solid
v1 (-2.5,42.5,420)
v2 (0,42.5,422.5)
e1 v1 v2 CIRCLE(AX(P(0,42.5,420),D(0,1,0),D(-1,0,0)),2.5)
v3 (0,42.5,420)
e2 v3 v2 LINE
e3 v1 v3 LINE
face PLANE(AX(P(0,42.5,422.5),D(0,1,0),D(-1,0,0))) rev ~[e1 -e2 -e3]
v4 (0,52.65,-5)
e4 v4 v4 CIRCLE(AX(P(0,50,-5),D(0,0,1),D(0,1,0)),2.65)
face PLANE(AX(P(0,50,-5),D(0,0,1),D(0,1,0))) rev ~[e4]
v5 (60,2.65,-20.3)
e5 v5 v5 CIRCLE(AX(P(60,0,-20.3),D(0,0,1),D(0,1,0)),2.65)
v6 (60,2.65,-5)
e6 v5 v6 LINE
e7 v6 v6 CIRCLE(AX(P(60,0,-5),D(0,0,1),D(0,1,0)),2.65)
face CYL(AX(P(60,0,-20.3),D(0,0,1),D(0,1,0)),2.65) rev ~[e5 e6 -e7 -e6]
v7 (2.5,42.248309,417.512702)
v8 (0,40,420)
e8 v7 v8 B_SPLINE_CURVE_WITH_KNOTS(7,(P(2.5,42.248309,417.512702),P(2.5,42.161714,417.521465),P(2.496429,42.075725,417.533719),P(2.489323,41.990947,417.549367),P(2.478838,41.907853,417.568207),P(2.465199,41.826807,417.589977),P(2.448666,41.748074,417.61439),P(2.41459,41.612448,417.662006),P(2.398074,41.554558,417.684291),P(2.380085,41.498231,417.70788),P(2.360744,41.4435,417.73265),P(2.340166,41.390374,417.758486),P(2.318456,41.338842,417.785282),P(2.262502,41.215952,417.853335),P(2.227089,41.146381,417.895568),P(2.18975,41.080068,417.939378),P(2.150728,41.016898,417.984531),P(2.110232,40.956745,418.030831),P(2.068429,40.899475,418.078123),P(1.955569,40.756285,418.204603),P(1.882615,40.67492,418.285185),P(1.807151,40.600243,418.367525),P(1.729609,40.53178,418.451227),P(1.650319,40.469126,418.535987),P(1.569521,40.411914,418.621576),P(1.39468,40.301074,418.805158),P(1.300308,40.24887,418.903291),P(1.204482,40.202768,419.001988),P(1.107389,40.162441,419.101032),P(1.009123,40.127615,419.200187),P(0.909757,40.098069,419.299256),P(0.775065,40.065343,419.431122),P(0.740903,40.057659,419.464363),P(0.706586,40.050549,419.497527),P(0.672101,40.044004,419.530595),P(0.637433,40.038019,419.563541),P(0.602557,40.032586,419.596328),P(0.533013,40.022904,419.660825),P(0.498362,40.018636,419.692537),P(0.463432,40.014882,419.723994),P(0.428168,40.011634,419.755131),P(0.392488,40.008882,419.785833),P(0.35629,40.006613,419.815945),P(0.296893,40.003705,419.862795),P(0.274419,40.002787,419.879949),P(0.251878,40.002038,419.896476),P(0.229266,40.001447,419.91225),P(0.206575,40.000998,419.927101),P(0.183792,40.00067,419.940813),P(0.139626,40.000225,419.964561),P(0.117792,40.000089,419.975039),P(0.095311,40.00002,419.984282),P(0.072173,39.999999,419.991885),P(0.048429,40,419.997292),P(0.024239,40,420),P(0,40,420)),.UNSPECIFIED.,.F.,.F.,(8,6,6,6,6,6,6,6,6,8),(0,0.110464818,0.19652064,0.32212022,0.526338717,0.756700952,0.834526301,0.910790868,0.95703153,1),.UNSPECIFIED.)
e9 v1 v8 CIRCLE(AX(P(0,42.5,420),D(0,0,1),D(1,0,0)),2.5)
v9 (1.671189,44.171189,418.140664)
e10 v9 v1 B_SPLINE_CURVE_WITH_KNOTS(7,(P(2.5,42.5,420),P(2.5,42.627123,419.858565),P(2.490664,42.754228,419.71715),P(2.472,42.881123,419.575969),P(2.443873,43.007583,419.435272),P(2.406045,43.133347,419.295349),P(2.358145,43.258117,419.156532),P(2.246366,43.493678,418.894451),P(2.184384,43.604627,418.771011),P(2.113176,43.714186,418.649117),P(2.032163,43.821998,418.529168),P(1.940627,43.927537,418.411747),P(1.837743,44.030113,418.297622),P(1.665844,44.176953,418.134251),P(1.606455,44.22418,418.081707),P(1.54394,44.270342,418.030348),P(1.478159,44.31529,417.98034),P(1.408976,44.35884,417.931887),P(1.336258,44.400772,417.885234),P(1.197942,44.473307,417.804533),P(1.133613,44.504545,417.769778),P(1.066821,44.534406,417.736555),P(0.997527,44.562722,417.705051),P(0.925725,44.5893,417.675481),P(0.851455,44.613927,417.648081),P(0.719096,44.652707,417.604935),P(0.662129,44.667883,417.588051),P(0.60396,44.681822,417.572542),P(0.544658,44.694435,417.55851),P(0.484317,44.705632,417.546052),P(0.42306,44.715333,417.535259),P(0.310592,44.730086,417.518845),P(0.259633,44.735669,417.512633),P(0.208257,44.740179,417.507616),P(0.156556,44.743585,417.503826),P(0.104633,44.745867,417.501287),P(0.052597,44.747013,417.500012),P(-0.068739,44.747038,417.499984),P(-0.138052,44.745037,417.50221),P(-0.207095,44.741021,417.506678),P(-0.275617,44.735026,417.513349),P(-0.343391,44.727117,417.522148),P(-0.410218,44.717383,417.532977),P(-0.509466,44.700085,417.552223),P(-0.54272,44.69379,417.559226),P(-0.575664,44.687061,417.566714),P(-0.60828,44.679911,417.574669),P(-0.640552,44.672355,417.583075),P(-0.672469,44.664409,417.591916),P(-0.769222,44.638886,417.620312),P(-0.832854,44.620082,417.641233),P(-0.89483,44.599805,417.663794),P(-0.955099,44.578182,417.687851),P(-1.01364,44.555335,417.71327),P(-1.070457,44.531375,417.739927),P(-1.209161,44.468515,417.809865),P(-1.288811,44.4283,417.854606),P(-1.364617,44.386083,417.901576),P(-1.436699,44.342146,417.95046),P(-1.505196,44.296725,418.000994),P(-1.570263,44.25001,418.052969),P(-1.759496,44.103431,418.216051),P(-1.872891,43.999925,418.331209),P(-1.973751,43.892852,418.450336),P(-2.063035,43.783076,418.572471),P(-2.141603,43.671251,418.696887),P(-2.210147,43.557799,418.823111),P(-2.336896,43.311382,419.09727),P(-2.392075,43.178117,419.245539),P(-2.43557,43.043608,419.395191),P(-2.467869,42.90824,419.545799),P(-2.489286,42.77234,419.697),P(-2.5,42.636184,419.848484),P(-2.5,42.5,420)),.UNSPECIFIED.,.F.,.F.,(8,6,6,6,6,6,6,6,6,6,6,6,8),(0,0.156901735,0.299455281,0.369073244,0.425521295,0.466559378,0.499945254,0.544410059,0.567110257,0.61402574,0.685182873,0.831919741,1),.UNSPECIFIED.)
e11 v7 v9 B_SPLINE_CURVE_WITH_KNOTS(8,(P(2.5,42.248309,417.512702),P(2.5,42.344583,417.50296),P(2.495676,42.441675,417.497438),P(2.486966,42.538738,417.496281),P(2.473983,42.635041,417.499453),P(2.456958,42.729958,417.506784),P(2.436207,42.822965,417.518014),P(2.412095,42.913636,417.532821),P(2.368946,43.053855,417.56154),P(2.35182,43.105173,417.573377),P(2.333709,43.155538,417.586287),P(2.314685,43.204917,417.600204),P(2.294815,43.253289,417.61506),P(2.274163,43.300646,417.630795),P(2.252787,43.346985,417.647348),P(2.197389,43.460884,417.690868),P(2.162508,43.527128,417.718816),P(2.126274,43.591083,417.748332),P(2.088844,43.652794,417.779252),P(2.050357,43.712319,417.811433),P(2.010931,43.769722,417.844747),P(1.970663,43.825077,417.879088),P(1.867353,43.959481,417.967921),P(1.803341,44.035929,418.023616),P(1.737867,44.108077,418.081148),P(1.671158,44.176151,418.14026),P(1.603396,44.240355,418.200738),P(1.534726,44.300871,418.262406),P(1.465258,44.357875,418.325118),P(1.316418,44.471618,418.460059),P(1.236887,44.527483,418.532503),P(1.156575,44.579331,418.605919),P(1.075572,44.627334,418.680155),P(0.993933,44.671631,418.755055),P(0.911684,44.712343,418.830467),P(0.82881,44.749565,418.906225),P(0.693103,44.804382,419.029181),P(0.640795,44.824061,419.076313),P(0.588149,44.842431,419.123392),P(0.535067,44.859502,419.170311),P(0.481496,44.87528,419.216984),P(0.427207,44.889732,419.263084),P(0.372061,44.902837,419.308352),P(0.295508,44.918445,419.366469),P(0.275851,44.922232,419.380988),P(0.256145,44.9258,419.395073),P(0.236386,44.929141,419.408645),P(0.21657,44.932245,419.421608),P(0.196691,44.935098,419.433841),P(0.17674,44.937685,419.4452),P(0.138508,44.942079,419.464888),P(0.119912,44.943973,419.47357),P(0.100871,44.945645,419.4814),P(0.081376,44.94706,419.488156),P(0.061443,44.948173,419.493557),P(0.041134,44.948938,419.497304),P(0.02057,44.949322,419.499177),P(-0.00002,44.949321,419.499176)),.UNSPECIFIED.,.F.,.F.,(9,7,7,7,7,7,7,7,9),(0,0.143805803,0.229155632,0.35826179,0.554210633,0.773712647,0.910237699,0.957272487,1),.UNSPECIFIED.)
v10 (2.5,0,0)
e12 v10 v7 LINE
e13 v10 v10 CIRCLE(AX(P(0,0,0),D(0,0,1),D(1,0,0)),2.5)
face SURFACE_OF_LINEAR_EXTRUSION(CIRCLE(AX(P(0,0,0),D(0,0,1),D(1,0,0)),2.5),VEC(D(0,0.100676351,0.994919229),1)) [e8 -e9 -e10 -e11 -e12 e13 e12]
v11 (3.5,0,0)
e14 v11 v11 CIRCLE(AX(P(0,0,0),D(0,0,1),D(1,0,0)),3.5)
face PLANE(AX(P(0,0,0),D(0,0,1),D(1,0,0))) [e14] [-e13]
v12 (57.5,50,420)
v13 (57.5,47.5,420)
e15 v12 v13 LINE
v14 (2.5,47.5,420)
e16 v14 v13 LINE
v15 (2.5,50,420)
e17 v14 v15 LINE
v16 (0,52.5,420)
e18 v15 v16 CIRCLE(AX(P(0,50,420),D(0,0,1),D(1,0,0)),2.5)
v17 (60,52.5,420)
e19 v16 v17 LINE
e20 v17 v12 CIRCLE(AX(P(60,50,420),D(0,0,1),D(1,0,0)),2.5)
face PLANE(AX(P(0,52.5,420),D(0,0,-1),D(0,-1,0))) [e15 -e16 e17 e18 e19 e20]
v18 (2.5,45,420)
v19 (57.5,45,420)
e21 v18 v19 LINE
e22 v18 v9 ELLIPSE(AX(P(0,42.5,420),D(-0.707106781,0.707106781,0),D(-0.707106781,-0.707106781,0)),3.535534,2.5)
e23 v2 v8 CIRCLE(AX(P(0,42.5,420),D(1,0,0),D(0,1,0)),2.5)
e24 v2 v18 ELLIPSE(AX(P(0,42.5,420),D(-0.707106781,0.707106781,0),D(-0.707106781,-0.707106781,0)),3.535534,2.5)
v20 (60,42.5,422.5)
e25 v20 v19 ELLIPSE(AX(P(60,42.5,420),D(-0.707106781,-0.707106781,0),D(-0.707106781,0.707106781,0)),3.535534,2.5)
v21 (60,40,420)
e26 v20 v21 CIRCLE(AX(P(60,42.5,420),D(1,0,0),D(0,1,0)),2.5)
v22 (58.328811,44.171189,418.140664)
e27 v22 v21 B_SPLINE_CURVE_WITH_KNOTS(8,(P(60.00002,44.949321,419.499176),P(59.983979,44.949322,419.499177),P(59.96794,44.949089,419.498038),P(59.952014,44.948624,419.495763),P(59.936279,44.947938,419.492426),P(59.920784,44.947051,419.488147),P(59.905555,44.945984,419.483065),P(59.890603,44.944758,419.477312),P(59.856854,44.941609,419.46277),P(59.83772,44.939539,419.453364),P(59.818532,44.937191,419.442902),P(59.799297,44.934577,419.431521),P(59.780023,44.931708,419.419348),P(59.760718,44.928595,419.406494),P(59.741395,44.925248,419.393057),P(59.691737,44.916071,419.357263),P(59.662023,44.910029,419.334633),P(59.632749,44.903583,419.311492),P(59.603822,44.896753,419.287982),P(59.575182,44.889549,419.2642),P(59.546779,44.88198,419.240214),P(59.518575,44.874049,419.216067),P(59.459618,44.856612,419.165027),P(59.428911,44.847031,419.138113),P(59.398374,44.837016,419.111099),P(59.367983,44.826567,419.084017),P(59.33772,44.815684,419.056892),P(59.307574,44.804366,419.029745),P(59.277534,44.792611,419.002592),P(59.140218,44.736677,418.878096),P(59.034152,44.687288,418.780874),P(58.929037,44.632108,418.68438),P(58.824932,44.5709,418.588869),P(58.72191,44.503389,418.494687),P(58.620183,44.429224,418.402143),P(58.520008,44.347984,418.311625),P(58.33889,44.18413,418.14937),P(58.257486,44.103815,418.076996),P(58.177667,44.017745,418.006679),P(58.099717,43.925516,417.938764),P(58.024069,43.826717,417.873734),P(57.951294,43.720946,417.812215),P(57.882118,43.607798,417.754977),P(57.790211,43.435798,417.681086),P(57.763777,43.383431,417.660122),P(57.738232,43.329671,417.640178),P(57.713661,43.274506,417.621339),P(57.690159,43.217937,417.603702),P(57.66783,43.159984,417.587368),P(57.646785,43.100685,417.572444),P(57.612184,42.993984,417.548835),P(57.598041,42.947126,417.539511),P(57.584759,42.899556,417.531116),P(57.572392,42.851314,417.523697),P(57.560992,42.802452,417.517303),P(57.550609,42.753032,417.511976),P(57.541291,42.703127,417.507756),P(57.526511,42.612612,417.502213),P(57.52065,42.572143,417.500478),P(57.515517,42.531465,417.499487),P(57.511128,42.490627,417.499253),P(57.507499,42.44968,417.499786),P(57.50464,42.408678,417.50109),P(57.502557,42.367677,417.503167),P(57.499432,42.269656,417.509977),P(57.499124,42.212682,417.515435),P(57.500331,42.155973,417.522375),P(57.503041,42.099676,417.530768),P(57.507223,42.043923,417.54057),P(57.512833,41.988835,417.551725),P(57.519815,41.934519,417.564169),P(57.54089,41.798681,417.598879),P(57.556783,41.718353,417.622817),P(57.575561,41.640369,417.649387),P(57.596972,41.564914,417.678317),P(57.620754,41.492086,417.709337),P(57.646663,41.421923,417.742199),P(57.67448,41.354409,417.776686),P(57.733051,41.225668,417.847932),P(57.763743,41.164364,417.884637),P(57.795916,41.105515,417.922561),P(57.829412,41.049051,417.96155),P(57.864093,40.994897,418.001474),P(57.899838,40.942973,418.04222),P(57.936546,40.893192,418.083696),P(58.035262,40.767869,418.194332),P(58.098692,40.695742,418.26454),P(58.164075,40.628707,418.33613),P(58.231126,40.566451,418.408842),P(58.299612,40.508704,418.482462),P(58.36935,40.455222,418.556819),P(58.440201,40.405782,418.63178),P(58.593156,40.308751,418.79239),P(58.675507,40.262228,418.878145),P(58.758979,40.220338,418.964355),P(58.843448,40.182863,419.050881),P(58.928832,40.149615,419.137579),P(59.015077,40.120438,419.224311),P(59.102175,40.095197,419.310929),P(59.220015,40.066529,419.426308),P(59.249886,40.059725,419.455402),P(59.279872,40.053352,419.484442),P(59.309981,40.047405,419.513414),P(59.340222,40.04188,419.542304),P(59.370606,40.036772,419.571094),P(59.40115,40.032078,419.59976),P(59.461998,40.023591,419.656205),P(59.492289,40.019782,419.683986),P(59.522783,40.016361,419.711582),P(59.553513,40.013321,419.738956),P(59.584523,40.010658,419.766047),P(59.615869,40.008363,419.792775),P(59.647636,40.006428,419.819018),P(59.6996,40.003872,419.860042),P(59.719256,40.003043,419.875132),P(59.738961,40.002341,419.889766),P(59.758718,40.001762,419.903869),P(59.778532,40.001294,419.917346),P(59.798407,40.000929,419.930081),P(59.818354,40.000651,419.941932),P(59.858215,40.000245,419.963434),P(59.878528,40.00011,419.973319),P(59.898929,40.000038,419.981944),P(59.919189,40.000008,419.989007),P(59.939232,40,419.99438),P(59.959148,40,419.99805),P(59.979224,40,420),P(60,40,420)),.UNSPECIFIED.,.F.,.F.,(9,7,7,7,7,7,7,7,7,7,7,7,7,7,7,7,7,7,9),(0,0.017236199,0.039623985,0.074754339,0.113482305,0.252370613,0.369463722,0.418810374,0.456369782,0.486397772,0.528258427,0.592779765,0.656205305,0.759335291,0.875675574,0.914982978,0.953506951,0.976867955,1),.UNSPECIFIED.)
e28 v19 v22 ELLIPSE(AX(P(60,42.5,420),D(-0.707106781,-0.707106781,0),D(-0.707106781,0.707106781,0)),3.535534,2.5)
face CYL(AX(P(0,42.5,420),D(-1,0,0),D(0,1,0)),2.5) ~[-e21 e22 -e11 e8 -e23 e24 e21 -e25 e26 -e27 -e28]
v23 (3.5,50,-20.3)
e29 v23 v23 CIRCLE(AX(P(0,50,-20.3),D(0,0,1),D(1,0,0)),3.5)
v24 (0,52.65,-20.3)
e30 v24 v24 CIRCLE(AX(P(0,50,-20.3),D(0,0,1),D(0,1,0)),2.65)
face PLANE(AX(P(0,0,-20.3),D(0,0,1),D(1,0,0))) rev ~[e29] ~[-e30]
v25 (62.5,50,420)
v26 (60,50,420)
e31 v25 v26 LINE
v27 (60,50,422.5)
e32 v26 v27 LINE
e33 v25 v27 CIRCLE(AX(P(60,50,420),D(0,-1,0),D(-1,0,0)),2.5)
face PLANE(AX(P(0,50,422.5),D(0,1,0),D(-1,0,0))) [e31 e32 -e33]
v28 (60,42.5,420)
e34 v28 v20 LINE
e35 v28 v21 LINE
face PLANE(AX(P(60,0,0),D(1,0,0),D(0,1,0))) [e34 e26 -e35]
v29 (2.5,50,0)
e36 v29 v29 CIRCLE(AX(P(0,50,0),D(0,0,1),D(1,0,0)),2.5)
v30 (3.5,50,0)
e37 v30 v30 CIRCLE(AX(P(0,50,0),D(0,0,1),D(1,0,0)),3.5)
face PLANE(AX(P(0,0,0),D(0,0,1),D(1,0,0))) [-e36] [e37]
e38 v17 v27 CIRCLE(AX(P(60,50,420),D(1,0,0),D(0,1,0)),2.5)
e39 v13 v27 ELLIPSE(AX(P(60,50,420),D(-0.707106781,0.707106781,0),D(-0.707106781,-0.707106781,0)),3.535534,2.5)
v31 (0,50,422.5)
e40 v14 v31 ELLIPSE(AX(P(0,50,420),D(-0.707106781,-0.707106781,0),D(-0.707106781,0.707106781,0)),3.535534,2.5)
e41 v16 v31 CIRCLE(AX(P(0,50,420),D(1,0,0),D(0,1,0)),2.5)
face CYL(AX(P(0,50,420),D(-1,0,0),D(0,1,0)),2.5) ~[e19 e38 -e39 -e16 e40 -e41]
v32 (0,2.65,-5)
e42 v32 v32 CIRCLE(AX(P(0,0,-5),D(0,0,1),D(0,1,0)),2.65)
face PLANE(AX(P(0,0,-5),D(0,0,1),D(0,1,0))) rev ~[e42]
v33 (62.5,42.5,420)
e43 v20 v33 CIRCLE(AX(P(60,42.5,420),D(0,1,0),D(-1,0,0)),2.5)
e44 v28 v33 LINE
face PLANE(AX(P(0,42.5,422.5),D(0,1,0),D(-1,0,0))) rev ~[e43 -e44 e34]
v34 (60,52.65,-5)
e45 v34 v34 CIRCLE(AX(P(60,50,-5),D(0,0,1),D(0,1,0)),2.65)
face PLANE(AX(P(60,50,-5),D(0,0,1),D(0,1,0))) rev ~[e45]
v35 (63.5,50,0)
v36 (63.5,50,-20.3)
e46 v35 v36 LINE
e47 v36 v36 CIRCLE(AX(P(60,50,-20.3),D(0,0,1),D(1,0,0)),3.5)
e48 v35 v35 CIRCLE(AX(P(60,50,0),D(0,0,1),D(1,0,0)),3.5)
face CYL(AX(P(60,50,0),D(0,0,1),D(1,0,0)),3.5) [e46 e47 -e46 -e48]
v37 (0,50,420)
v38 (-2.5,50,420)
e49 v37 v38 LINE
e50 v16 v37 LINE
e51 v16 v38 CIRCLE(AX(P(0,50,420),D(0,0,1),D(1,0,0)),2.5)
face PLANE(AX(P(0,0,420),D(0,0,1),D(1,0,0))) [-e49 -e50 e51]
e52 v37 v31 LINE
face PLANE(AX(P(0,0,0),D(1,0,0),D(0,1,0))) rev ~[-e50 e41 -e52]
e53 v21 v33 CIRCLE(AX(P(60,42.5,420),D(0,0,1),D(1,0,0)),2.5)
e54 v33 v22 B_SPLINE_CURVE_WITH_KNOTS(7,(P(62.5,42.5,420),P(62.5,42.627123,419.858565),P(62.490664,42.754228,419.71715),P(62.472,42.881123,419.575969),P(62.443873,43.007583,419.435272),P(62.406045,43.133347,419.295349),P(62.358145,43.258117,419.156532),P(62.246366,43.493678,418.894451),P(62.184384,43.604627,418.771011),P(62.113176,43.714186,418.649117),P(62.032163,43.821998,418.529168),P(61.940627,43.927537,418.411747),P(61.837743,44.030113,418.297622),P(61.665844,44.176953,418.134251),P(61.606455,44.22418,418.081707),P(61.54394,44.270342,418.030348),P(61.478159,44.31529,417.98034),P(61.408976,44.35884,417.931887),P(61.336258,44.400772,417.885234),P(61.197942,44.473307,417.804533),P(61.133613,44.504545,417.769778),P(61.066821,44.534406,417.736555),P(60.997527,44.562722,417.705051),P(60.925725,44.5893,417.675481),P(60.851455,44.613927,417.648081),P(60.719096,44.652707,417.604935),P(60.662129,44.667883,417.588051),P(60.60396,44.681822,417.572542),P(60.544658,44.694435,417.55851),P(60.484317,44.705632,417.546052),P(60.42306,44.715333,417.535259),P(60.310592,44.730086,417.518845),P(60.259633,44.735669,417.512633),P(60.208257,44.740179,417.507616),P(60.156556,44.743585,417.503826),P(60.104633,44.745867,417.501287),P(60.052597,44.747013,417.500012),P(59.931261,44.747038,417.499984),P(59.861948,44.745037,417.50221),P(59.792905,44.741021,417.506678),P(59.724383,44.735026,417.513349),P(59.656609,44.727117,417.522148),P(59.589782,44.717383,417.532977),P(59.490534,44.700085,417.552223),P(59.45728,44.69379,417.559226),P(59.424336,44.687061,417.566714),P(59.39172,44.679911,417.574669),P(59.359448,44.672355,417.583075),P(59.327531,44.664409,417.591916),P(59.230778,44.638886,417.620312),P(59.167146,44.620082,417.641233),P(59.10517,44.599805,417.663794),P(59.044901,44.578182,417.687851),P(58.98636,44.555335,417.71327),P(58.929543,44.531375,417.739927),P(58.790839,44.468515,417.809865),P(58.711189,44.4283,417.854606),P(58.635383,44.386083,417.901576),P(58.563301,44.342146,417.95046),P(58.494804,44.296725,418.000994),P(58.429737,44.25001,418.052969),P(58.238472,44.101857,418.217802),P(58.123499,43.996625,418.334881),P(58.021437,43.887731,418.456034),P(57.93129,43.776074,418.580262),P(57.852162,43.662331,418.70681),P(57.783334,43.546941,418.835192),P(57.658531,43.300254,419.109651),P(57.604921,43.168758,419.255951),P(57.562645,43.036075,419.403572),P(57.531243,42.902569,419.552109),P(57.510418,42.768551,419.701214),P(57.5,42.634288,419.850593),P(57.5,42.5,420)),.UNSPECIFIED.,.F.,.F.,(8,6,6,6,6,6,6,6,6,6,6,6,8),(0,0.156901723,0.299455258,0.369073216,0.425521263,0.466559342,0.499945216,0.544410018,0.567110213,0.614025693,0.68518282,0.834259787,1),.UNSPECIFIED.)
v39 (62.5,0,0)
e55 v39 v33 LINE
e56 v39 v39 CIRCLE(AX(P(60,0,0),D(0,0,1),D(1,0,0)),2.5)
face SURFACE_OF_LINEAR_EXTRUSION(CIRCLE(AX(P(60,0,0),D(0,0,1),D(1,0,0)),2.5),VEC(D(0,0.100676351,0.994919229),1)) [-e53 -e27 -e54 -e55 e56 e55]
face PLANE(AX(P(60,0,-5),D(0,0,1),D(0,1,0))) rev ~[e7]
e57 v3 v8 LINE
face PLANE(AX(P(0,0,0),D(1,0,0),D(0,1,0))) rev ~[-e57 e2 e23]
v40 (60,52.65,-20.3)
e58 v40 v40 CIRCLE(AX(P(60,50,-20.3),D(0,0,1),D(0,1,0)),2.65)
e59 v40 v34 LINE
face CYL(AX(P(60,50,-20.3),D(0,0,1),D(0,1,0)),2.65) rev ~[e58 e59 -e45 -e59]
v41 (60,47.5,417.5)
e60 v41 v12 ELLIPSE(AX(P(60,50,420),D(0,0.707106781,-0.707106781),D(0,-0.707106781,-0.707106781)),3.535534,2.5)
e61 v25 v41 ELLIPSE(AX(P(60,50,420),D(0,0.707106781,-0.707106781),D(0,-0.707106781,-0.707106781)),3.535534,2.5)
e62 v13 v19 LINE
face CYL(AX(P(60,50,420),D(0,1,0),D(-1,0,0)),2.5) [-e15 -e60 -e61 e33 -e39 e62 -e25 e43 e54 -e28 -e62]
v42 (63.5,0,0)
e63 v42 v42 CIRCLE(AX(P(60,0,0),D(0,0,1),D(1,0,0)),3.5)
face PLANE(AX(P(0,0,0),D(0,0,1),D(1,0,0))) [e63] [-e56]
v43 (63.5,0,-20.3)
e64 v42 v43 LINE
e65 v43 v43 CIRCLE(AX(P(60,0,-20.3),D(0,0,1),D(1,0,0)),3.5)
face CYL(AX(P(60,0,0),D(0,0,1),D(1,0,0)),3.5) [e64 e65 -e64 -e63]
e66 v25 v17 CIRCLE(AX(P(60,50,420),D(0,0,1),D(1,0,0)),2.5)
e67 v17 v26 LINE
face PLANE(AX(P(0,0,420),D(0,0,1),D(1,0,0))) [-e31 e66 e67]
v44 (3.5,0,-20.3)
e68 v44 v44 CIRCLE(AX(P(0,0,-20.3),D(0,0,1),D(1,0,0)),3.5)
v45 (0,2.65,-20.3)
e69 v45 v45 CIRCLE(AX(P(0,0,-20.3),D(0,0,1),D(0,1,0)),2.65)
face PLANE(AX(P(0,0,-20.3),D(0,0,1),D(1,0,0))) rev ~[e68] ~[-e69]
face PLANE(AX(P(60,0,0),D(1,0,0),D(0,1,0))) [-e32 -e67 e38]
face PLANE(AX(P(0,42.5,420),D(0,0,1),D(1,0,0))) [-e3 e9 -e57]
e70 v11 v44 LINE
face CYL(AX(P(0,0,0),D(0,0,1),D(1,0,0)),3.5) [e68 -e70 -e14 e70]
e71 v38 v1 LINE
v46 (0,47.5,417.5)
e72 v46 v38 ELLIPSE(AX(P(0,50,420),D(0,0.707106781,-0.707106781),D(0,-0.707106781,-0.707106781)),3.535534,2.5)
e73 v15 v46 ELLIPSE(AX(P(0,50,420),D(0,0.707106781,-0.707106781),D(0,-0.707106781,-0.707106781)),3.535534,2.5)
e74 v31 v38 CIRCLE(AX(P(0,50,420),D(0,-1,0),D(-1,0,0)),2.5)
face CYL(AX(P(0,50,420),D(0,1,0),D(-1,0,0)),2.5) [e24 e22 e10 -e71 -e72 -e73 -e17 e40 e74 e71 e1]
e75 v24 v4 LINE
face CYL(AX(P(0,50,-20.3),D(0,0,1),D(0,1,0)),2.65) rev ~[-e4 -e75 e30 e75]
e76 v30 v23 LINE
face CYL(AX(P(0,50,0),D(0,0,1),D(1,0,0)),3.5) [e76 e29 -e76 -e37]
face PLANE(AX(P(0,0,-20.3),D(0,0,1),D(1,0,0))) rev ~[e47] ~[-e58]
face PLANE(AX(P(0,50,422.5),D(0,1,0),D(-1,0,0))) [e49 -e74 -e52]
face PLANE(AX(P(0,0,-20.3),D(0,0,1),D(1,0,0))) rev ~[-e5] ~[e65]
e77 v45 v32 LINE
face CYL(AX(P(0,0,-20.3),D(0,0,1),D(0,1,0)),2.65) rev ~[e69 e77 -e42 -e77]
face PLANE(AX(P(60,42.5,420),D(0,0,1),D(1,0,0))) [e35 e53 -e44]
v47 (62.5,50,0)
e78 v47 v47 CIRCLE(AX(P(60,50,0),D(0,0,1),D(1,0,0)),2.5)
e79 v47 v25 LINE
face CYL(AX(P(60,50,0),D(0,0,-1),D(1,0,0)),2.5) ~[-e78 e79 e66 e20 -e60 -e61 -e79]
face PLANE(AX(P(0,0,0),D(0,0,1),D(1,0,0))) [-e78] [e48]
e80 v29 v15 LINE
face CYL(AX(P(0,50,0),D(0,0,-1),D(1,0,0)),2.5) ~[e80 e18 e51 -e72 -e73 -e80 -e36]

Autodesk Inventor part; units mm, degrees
sketch "FRONT" plane through (0, 0, 0) normal (0, 0, 1) x (1, 0, 0)
  circle A0 centre (0, 0) radius 3.5
  circle A1 centre (0, 50) radius 3.5
  circle A2 centre (60, 50) radius 3.5
  circle A3 centre (60, 0) radius 3.5
  circle A4 centre (0, 50) radius 2.5
  circle A5 centre (60, 50) radius 2.5
  circle A6 centre (0, 0) radius 2.5
  circle A7 centre (60, 0) radius 2.5
  dimension "d0" = 7
  dimension "d3" = 7
  dimension "d4" = 7
  dimension "d5" = 7
  dimension "d23" = 5
  dimension "d24" = 5
  dimension "d25" = 5
  dimension "d26" = 5
extrude "Connectors" add sketch "FRONT" against normal blind 20.3 contours A0 | A1 | A2 | A3 | A4 | A5 | A6 | A7
ref_plane "Work Plane1" through (0, 0, -20.3) normal (0, 0, -1) x (-1, 0, 0)
sketch "Sketch2" plane through (0, 0, -20.3) normal (0, 0, -1) x (-1, 0, 0)
  circle A0 centre (0, 0) radius 3.5 projected
  circle A1 centre (0, 50) radius 3.5 projected
  circle A2 centre (-60, 50) radius 3.5 projected
  circle A3 centre (-60, 0) radius 3.5 projected
hole "Hole1" at (60, 0, -20.3) at (60, 50, -20.3) at (0, 50, -20.3) at (0, 0, -20.3) direction (0, 0, 1) diameter 5.3 depth 15.3
extrude "LongTop" add sketch "FRONT" along normal blind 420 contours A4 | A5
sketch "Sketch5" plane through (0, 0, 0) normal (1, 0, 0) x (0, 1, 0)
  line L0 (52.5, 420) -> (47.5, 420) projected
  circle A0 centre (50, 420) radius 2.5
  circle A1 centre (42.5, 420) radius 2.5
  point P0 (0, 0)
  dimension "d29" = 5
  dimension "d31" = 5
extrude "BackSide" add sketch "Sketch5" along normal blind 60 contours L0 A0 | A1 picked at (49.8996, 420.8273)
ref_plane "Work Plane2" through (0, 50, 422.5) normal (0, 1, 0) x (-1, 0, 0)
sketch "Sketch6" plane through (0, 50, 422.5) normal (0, 1, 0) x (-1, 0, 0)
  line L0 (2.5, -2.5) -> (0, -2.5) projected
  line L1 (0, 0) -> (0, -2.5) projected
  circle A0 centre (0, -2.5) radius 2.5
  line L2 (-60, -2.5) -> (-62.5, -2.5) projected
  circle A1 centre (-60, -2.5) radius 2.5
  point P0 (0, -422.5)
  dimension "d34" = 5
  dimension "d35" = 5
extrude "BackDown" add sketch "Sketch6" against normal blind 7.5
ref_plane "TAILXY" through (62.5, 50, 420) normal (0, 0, 1) x (1, 0, 0)
sketch "Sketch7" plane through (62.5, 50, 420) normal (0, 0, 1) x (1, 0, 0)
  line L0 (-65, -7.5) -> (-62.5, -7.5) projected
  circle A0 centre (-62.5, -7.5) radius 2.5
  line L1 (-2.5, -7.5) -> (0, -7.5) projected
  circle A1 centre (-2.5, -7.5) radius 2.5
  point P0 (-62.5, -50)
  dimension "d38" = 5
  dimension "d39" = 5
sketch3d "3D Sketch1"
  line L0 (60, 0, 0) -> (60, 42.5, 420)
sweep "Sweep1" add profiles "FRONT" path "3D Sketch1" contours A6 | A7
equation "\"Fit_Tolerance\" = 0.3"
properties part number "RCPlaneSkeletonTail1" material "PC/ABS Plastic"
